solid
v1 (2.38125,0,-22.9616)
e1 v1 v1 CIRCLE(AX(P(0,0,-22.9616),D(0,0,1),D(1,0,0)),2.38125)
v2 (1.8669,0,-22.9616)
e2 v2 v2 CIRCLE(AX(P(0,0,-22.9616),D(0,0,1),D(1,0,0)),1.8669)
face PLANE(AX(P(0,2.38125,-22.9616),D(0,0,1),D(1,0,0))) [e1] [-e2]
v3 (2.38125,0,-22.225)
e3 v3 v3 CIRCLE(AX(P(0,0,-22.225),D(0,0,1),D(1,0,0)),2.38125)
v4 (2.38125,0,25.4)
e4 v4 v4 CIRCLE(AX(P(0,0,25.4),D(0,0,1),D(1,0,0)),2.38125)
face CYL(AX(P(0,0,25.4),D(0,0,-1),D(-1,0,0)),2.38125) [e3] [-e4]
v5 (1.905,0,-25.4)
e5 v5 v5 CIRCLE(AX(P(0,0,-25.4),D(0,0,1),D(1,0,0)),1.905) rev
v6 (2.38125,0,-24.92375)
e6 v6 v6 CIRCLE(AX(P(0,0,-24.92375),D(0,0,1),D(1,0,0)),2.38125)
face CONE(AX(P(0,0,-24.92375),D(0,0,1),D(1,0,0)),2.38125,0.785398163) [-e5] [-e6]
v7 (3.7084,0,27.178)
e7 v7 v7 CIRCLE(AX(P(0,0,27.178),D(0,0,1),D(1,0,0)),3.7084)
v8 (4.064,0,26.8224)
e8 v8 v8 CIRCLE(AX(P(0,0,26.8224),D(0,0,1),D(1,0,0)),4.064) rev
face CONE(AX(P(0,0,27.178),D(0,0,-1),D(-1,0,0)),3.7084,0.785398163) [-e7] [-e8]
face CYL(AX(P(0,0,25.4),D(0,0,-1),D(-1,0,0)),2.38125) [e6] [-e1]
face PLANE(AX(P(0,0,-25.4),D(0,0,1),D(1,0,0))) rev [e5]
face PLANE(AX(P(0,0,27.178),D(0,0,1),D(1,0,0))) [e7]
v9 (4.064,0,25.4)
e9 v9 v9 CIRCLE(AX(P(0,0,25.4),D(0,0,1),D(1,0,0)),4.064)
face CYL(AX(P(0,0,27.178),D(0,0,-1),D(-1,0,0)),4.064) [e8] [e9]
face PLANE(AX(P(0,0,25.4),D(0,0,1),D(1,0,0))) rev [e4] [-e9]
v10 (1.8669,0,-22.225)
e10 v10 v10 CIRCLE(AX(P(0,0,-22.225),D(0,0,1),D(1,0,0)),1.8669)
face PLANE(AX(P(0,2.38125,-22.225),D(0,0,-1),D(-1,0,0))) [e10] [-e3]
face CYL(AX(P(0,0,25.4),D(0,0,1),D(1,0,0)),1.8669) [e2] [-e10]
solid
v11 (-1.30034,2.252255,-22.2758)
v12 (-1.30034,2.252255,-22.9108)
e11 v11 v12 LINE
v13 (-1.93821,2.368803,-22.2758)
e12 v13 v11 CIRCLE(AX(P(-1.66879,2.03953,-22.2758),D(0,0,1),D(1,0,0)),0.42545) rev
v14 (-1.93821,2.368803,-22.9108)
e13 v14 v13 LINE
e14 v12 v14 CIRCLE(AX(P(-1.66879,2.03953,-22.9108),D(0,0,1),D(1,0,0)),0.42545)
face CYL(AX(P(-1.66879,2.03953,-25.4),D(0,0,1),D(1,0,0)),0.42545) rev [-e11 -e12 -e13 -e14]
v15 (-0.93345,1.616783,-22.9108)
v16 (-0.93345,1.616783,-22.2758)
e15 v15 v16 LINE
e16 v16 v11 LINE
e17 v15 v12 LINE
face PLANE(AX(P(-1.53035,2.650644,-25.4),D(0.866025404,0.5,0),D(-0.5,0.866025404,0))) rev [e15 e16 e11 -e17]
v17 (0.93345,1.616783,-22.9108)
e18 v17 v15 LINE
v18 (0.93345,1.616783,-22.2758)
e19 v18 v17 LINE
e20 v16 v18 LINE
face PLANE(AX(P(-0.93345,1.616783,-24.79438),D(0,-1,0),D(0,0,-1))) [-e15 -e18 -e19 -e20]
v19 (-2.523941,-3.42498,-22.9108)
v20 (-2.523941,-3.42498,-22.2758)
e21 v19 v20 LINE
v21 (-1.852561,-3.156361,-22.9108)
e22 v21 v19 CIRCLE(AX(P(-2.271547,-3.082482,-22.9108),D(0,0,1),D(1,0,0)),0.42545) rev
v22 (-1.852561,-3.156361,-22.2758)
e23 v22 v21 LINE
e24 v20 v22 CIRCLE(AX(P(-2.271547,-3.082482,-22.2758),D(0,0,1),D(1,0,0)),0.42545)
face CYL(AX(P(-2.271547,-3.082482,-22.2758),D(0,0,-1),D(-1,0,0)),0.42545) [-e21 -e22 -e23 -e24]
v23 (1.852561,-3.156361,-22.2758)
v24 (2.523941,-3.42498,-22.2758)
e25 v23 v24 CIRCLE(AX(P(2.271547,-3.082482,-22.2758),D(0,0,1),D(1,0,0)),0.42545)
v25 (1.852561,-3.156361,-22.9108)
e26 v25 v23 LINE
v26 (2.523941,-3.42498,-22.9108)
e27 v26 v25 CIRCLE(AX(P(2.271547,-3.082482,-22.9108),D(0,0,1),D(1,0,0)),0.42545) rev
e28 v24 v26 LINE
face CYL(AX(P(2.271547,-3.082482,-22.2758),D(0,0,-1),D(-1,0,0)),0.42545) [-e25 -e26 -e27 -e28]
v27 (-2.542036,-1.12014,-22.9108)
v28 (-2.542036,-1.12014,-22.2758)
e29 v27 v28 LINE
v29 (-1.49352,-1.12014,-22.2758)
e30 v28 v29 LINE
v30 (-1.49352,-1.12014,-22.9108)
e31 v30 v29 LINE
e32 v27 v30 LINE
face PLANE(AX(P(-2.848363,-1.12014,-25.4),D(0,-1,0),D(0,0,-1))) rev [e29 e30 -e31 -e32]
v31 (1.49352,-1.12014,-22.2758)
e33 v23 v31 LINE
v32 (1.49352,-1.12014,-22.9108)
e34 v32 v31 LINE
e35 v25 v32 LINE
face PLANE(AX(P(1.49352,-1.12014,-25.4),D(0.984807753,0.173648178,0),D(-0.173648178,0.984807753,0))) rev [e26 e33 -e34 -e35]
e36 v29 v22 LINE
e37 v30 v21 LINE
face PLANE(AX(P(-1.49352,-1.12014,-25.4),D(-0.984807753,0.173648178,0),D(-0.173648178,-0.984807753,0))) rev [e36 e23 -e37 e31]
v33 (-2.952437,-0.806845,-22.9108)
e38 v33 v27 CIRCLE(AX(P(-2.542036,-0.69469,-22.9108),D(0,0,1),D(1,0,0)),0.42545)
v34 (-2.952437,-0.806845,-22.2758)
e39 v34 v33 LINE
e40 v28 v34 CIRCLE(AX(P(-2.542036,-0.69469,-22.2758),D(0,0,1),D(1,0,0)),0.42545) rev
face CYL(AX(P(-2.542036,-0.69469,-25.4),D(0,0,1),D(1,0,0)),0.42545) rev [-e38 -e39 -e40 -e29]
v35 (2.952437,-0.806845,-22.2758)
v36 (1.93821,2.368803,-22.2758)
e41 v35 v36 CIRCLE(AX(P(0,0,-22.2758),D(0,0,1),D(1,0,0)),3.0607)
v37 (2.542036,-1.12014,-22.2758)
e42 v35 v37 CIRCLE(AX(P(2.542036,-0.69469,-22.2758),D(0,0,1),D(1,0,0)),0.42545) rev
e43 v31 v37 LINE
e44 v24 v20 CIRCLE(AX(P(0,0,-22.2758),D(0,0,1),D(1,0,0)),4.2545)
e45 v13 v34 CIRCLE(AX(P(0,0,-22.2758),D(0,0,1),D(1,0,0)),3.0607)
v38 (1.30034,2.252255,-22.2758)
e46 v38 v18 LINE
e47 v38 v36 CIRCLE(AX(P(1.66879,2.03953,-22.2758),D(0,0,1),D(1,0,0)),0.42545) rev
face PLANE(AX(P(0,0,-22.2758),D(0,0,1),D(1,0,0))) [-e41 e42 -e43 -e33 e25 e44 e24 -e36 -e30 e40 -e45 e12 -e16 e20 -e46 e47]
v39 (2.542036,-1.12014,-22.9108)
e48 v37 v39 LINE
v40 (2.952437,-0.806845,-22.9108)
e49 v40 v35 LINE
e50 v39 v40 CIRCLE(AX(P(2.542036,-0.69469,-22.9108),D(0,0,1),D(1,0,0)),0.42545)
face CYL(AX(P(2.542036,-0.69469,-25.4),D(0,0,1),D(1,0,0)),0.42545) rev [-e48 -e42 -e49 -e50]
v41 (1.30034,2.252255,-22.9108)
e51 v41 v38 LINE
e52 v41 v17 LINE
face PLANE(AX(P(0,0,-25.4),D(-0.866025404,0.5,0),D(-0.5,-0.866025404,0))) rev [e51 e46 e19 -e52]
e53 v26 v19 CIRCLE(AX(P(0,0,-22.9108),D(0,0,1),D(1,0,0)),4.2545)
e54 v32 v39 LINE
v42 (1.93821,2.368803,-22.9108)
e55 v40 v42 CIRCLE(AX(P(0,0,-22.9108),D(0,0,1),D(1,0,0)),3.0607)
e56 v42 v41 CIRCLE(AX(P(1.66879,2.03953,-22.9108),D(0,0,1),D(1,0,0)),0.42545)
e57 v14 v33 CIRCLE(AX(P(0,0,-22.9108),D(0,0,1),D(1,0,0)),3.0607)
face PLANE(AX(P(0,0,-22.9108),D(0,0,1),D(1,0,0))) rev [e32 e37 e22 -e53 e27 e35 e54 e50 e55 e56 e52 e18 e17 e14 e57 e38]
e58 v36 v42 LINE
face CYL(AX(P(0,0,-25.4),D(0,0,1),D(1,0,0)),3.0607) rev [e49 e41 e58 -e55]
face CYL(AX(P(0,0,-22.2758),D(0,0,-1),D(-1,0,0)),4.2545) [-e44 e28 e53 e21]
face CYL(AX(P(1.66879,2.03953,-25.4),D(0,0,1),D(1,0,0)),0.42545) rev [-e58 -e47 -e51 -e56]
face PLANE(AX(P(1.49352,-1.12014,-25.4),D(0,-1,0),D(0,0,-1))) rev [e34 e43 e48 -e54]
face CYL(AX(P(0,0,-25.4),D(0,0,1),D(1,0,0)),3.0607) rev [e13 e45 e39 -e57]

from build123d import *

# Parameters (mm, degrees)
SKETCH2_R      = 2.38125
EXTRUDE1_DEPTH = 25.4
SKETCH3_W      = 0.7366
SKETCH3_H      = 0.51435
SKETCH8_R      = 4.064
EXTRUDE6_DEPTH = 1.778
CHAMFER2_SIZE  = 0.3556
SKETCH4_R      = 4.2545
SKETCH4_R_2    = 1.8669
EXTRUDE2_DEPTH = 0.3175
EXTRUDE4_DEPTH = 28.836041825
EXTRUDE5_DEPTH = 0.635
FILLET1_R      = 0.42545
CHAMFER1_SIZE  = 0.47625


with BuildPart() as part:
    # Sketch2 → Extrude1 (new, symmetric)
    with BuildSketch(Plane.XY):
        Circle(SKETCH2_R)
    extrude(amount=EXTRUDE1_DEPTH, both=True)

    # Sketch3 → Cut-Revolve1 (revolve, cut)
    with BuildSketch(Plane(origin=(0, 0, 0), x_dir=(0, 0, -1), z_dir=(1, 0, 0)), mode=Mode.PRIVATE) as cut_revolve1_sk:
        with Locations((22.5933, 2.124075)):
            Rectangle(SKETCH3_W, SKETCH3_H)
    revolve(cut_revolve1_sk.sketch.rotate(Axis((0, 0, 25.4), (0, 0, -1)), 90), axis=Axis((0, 0, 25.4), (0, 0, -1)), mode=Mode.SUBTRACT)

    # Sketch8 → Extrude6 (add)
    with BuildSketch(Plane.XY.offset(25.4)):
        Circle(SKETCH8_R)
    extrude(amount=EXTRUDE6_DEPTH)

    # Chamfer2
    chamfer2_edges = [part.edges().sort_by_distance(p)[0] for p in [
        (-4.064, 0, 27.178),
    ]]
    chamfer(chamfer2_edges, length=CHAMFER2_SIZE)

    # Chamfer1
    chamfer1_edges = [part.edges().sort_by_distance(p)[0] for p in [
        (-2.38125, 0, -25.4),
    ]]
    chamfer(chamfer1_edges, length=CHAMFER1_SIZE)


with BuildPart() as body_2:
    # Sketch4 → Extrude2 (new, symmetric)
    with BuildSketch(Plane.XY.offset(-22.5933)):
        Circle(SKETCH4_R)
        Circle(SKETCH4_R_2, mode=Mode.SUBTRACT)
    extrude(amount=EXTRUDE2_DEPTH, both=True)

    # Sketch5 → Extrude4 (cut, through all)
    with BuildSketch(Plane.XY):
        with BuildLine():
            Line((-1.53035, 2.650643953), (0, 0))
            Line((0, 0), (1.53035, 2.650643953))
            ThreePointArc((1.53035, 2.650643953), (2.889287878, 1.00990101), (2.84836284, -1.12014))
            Line((2.84836284, -1.12014), (1.49352, -1.12014))
            Line((1.49352, -1.12014), (1.96168838, -3.775254819))
            ThreePointArc((1.96168838, -3.775254819), (0, -4.2545), (-1.96168838, -3.775254819))
            Line((-1.96168838, -3.775254819), (-1.49352, -1.12014))
            Line((-1.49352, -1.12014), (-2.84836284, -1.12014))
            ThreePointArc((-2.84836284, -1.12014), (-2.889287878, 1.00990101), (-1.53035, 2.650643953))
        make_face()
    extrude(amount=-EXTRUDE4_DEPTH, mode=Mode.SUBTRACT)

    # Sketch6 → Extrude5 (add)
    with BuildSketch(Plane.XY.offset(-22.2758)):
        with BuildLine():
            Line((-0.93345, 1.616782826), (0.93345, 1.616782826))
            ThreePointArc((0.93345, 1.616782826), (0, 1.8669), (-0.93345, 1.616782826))
        make_face()
    extrude(amount=-EXTRUDE5_DEPTH)

    # Fillet1
    fillet1_edges = [body_2.edges().sort_by_distance(p)[0] for p in [
        (1.53035, 2.650643953, -22.5933),
        (1.96168838, -3.775254819, -22.5933),
        (-2.84836284, -1.12014, -22.5933),
        (2.84836284, -1.12014, -22.5933),
        (-1.96168838, -3.775254819, -22.5933),
        (-1.53035, 2.650643953, -22.5933),
    ]]
    fillet(fillet1_edges, radius=FILLET1_R)


solid = Compound([part.part, body_2.part])
